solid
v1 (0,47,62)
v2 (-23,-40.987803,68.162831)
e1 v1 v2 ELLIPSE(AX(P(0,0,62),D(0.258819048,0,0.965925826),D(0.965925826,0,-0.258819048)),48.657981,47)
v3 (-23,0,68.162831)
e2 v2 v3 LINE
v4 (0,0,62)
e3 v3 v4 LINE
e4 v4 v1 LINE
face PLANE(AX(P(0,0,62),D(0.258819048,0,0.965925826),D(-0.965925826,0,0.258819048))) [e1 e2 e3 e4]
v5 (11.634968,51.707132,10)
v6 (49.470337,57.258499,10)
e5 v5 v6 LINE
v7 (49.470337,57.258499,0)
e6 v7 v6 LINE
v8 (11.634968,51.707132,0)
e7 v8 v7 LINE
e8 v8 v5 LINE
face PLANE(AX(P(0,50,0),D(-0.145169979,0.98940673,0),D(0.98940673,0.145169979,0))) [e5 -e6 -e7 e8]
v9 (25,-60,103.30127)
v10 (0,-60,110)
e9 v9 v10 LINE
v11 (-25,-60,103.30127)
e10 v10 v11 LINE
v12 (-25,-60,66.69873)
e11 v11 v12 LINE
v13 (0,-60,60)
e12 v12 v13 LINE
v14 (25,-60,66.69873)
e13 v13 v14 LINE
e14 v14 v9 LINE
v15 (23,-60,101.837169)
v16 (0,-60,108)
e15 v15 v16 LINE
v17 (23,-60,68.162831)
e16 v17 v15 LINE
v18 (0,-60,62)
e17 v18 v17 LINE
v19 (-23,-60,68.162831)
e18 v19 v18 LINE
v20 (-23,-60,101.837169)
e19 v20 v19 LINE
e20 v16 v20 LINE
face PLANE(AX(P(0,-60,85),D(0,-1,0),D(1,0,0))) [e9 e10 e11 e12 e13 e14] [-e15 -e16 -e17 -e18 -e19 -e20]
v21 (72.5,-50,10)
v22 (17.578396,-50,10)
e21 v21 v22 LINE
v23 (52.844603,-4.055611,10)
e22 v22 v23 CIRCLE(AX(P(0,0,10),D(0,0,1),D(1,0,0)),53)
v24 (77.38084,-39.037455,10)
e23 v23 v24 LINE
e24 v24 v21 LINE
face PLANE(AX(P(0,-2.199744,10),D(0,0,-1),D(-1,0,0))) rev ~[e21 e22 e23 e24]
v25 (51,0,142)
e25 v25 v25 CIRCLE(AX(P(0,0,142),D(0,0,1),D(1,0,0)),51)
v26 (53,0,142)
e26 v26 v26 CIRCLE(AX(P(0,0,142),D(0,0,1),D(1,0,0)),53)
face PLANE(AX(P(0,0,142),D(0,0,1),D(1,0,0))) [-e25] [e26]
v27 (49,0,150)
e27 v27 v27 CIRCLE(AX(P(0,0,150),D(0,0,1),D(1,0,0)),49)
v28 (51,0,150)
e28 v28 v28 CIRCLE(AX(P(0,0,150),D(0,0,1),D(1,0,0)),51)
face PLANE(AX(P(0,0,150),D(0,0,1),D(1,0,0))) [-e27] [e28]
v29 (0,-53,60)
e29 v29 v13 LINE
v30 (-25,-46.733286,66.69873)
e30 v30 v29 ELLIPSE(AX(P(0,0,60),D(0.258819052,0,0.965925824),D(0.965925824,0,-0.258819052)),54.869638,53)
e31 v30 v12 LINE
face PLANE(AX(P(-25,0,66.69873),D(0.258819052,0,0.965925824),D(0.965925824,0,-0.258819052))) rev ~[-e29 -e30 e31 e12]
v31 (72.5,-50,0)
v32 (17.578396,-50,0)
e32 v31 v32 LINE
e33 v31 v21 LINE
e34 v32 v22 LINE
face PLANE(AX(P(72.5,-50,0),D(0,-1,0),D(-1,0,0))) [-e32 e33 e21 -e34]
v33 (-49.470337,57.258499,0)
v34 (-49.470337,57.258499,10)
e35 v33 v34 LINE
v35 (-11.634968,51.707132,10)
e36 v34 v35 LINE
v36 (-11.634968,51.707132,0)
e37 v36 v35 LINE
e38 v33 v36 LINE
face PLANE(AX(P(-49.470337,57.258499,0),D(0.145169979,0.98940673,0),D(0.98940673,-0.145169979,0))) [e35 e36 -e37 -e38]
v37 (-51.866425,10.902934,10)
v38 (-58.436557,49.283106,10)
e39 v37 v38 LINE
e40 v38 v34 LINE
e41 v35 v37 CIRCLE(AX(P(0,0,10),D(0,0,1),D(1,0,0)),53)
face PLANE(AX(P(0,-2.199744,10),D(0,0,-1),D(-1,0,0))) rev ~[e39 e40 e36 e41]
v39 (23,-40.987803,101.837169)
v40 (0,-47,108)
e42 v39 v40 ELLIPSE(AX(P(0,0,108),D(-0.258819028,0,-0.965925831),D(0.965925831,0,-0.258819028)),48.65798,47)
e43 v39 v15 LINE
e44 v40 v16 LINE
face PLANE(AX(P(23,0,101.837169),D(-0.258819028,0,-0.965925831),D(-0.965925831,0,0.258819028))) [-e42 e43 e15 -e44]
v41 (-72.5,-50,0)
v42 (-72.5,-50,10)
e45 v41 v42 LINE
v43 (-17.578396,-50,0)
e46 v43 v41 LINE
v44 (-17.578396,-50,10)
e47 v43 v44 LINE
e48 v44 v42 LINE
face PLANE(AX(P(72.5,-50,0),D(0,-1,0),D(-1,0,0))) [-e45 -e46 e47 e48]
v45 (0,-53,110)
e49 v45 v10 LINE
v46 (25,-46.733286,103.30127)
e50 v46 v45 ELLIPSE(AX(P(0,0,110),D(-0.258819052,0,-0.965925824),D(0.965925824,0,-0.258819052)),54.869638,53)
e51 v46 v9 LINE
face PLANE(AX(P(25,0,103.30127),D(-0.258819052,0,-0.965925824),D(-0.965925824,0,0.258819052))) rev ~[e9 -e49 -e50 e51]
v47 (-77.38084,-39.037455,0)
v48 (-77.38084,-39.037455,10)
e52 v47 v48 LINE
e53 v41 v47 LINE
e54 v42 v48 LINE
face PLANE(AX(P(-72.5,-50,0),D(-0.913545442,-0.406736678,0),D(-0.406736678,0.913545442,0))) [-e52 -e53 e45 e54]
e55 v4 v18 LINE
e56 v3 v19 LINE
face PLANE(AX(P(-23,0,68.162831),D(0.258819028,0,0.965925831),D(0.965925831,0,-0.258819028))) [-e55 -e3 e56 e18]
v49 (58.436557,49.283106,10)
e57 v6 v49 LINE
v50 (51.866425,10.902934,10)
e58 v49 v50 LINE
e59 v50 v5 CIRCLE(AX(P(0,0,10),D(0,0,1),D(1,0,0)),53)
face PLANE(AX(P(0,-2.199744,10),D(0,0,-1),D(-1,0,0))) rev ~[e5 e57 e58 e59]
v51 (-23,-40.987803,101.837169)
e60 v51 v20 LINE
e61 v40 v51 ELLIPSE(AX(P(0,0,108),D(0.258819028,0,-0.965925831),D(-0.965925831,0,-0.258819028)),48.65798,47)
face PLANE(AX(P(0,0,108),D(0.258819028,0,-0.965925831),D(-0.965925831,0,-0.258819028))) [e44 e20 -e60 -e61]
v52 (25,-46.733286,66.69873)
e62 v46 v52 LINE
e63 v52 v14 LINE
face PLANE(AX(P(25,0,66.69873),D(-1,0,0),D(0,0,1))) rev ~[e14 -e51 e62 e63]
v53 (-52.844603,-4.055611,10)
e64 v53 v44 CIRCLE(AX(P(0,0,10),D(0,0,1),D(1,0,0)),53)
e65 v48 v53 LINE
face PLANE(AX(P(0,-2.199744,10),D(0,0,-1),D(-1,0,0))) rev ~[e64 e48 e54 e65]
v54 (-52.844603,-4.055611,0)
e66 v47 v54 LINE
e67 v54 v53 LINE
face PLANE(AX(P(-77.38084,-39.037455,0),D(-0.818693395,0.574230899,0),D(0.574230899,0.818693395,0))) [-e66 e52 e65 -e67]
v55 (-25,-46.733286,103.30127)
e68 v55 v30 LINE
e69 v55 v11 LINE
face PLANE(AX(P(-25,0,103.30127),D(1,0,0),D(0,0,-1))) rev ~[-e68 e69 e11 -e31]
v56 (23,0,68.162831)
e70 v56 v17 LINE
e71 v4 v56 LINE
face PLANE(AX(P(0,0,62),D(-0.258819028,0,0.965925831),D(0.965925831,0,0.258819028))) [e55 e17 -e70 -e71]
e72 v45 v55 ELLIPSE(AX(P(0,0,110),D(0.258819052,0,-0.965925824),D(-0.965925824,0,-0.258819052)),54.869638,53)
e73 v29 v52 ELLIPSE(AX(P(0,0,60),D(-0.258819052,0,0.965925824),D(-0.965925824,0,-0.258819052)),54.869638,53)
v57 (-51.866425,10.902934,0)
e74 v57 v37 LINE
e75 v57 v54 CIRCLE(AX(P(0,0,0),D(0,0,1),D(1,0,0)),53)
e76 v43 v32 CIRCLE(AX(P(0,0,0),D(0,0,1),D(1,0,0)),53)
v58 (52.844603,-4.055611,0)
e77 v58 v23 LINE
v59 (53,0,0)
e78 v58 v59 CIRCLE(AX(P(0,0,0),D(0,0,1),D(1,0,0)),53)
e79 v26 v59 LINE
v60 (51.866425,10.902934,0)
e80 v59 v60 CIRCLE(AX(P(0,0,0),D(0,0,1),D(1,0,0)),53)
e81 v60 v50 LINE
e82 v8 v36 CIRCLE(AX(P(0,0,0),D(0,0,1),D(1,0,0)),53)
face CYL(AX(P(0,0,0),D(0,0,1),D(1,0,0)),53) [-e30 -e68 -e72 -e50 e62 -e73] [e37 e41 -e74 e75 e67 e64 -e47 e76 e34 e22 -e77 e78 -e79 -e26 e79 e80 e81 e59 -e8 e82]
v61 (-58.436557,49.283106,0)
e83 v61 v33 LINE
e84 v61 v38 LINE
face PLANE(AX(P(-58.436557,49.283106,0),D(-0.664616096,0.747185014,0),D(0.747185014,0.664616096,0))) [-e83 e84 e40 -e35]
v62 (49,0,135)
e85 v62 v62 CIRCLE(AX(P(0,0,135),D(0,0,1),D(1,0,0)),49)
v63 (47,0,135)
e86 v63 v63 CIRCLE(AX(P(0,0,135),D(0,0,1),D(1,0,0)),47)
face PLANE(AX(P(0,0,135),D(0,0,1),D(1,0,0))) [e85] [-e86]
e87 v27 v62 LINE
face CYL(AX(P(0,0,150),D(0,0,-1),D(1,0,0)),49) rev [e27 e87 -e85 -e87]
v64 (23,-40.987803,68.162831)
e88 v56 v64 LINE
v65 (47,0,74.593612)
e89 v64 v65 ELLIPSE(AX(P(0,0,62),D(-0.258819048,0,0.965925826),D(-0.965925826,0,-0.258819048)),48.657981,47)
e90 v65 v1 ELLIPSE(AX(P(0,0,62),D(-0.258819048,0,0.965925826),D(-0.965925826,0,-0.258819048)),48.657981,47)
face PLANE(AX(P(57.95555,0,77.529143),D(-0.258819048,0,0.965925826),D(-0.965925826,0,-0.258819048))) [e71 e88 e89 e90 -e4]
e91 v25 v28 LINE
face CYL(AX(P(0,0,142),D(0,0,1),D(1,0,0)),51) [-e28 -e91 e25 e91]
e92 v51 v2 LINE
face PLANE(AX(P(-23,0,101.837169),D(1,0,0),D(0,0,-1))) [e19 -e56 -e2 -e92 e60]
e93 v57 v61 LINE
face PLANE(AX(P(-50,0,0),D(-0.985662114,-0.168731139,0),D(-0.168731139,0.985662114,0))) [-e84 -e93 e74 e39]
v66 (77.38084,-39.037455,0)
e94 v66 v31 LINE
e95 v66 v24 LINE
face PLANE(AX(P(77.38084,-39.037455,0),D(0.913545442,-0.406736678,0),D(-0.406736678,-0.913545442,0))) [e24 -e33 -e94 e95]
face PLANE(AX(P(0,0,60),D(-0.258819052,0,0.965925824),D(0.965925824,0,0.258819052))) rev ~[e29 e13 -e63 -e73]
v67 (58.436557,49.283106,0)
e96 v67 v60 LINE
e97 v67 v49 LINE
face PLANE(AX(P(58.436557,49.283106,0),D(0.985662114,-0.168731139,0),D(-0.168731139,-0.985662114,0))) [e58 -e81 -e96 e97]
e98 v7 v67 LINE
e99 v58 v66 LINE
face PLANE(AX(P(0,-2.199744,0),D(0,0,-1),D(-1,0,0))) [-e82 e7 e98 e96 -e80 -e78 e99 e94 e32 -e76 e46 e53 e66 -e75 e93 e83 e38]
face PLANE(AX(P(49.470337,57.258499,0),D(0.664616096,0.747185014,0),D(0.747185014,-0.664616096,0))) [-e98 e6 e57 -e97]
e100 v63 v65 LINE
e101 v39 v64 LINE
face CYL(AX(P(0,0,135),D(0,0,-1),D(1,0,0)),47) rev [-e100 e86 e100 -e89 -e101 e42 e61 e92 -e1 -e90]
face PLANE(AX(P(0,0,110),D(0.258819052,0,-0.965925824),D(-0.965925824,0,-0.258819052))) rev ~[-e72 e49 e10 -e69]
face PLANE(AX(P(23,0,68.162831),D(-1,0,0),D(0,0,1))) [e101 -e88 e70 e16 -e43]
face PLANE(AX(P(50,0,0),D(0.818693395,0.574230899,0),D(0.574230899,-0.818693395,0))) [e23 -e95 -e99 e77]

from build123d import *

# Parameters (mm, degrees)
PAD002_DEPTH  = 60
SKETCH005_R   = 90
SKETCH005_R_2 = 53
PAD004_DEPTH  = 100
PAD003_DEPTH  = 60
SKETCH007_R   = 53
PAD006_DEPTH  = 140
PAD005_DEPTH  = 60
PAD_DEPTH     = 10


with BuildPart() as body002:
    # Sketch003 → Pad002 (new body)
    with BuildSketch(Plane.XZ):
        Polygon((0, 108), (-23, 101.837169), (-23, 68.162831), (0, 62), (23, 68.162831), (23, 101.837169), align=None)
    extrude(amount=PAD002_DEPTH)


with BuildPart() as body:
    # Sketch → Revolution (revolve)
    with BuildSketch(Plane.XZ):
        Polygon((47, 135), (47, 0), (53, 0), (53, 142), (51, 142), (51, 150), (49, 150), (49, 135), align=None)
    revolve(axis=Axis((0, 0, 0), (0, 0, 1)))


with BuildPart() as body004:
    # Sketch005 → Pad004 (new body)
    with BuildSketch(Plane.XY):
        Circle(SKETCH005_R)
        Circle(SKETCH005_R_2, mode=Mode.SUBTRACT)
    extrude(amount=PAD004_DEPTH)


with BuildPart() as fusion:
    # Sketch004 → Pad003 (new body, symmetric)
    with BuildSketch(Plane.XZ):
        Polygon((0, 62), (-57.95555, 77.529143), (-57.95555, 0), (0, 0), (57.95555, 0), (57.95555, 77.529143), align=None)
    extrude(amount=PAD003_DEPTH, both=True)

    # Cut: cut Body004
    add(body004.part, mode=Mode.SUBTRACT)

    # Fusion: union Body
    add(body.part)


with BuildPart() as body006:
    # Sketch007 → Pad006 (new body)
    with BuildSketch(Plane.XY):
        Circle(SKETCH007_R)
    extrude(amount=PAD006_DEPTH)


with BuildPart() as cut002:
    # Sketch006 → Pad005 (new body)
    with BuildSketch(Plane.XZ):
        Polygon((0, 110), (-25, 103.30127), (-25, 66.69873), (0, 60), (25, 66.69873), (25, 103.30127), align=None)
    extrude(amount=PAD005_DEPTH)

    # Cut001: cut Body006
    add(body006.part, mode=Mode.SUBTRACT)

    # Fusion001: union Fusion
    add(fusion.part)

    # Cut002: cut Body002
    add(body002.part, mode=Mode.SUBTRACT)


with BuildPart() as body007:
    # Body007 base: copy of Cut002
    add(cut002.part)

    # Sketch008 → Pad (new body)
    with BuildSketch(Plane.XY):
        Polygon((77.38084, -39.037455), (72.5, -50), (-72.5, -50), (-77.38084, -39.037455), (-50, 0), (-58.436557, 49.283106), (-49.470337, 57.258499), (0, 50), (49.470337, 57.258499), (58.436557, 49.283106), (50, 0), align=None)
    extrude(amount=PAD_DEPTH)


with BuildPart() as fusion002:
    # Fusion002 base: copy of Cut002
    add(cut002.part)

    # Fusion002: union Body007
    add(body007.part)


solid = fusion002.part
